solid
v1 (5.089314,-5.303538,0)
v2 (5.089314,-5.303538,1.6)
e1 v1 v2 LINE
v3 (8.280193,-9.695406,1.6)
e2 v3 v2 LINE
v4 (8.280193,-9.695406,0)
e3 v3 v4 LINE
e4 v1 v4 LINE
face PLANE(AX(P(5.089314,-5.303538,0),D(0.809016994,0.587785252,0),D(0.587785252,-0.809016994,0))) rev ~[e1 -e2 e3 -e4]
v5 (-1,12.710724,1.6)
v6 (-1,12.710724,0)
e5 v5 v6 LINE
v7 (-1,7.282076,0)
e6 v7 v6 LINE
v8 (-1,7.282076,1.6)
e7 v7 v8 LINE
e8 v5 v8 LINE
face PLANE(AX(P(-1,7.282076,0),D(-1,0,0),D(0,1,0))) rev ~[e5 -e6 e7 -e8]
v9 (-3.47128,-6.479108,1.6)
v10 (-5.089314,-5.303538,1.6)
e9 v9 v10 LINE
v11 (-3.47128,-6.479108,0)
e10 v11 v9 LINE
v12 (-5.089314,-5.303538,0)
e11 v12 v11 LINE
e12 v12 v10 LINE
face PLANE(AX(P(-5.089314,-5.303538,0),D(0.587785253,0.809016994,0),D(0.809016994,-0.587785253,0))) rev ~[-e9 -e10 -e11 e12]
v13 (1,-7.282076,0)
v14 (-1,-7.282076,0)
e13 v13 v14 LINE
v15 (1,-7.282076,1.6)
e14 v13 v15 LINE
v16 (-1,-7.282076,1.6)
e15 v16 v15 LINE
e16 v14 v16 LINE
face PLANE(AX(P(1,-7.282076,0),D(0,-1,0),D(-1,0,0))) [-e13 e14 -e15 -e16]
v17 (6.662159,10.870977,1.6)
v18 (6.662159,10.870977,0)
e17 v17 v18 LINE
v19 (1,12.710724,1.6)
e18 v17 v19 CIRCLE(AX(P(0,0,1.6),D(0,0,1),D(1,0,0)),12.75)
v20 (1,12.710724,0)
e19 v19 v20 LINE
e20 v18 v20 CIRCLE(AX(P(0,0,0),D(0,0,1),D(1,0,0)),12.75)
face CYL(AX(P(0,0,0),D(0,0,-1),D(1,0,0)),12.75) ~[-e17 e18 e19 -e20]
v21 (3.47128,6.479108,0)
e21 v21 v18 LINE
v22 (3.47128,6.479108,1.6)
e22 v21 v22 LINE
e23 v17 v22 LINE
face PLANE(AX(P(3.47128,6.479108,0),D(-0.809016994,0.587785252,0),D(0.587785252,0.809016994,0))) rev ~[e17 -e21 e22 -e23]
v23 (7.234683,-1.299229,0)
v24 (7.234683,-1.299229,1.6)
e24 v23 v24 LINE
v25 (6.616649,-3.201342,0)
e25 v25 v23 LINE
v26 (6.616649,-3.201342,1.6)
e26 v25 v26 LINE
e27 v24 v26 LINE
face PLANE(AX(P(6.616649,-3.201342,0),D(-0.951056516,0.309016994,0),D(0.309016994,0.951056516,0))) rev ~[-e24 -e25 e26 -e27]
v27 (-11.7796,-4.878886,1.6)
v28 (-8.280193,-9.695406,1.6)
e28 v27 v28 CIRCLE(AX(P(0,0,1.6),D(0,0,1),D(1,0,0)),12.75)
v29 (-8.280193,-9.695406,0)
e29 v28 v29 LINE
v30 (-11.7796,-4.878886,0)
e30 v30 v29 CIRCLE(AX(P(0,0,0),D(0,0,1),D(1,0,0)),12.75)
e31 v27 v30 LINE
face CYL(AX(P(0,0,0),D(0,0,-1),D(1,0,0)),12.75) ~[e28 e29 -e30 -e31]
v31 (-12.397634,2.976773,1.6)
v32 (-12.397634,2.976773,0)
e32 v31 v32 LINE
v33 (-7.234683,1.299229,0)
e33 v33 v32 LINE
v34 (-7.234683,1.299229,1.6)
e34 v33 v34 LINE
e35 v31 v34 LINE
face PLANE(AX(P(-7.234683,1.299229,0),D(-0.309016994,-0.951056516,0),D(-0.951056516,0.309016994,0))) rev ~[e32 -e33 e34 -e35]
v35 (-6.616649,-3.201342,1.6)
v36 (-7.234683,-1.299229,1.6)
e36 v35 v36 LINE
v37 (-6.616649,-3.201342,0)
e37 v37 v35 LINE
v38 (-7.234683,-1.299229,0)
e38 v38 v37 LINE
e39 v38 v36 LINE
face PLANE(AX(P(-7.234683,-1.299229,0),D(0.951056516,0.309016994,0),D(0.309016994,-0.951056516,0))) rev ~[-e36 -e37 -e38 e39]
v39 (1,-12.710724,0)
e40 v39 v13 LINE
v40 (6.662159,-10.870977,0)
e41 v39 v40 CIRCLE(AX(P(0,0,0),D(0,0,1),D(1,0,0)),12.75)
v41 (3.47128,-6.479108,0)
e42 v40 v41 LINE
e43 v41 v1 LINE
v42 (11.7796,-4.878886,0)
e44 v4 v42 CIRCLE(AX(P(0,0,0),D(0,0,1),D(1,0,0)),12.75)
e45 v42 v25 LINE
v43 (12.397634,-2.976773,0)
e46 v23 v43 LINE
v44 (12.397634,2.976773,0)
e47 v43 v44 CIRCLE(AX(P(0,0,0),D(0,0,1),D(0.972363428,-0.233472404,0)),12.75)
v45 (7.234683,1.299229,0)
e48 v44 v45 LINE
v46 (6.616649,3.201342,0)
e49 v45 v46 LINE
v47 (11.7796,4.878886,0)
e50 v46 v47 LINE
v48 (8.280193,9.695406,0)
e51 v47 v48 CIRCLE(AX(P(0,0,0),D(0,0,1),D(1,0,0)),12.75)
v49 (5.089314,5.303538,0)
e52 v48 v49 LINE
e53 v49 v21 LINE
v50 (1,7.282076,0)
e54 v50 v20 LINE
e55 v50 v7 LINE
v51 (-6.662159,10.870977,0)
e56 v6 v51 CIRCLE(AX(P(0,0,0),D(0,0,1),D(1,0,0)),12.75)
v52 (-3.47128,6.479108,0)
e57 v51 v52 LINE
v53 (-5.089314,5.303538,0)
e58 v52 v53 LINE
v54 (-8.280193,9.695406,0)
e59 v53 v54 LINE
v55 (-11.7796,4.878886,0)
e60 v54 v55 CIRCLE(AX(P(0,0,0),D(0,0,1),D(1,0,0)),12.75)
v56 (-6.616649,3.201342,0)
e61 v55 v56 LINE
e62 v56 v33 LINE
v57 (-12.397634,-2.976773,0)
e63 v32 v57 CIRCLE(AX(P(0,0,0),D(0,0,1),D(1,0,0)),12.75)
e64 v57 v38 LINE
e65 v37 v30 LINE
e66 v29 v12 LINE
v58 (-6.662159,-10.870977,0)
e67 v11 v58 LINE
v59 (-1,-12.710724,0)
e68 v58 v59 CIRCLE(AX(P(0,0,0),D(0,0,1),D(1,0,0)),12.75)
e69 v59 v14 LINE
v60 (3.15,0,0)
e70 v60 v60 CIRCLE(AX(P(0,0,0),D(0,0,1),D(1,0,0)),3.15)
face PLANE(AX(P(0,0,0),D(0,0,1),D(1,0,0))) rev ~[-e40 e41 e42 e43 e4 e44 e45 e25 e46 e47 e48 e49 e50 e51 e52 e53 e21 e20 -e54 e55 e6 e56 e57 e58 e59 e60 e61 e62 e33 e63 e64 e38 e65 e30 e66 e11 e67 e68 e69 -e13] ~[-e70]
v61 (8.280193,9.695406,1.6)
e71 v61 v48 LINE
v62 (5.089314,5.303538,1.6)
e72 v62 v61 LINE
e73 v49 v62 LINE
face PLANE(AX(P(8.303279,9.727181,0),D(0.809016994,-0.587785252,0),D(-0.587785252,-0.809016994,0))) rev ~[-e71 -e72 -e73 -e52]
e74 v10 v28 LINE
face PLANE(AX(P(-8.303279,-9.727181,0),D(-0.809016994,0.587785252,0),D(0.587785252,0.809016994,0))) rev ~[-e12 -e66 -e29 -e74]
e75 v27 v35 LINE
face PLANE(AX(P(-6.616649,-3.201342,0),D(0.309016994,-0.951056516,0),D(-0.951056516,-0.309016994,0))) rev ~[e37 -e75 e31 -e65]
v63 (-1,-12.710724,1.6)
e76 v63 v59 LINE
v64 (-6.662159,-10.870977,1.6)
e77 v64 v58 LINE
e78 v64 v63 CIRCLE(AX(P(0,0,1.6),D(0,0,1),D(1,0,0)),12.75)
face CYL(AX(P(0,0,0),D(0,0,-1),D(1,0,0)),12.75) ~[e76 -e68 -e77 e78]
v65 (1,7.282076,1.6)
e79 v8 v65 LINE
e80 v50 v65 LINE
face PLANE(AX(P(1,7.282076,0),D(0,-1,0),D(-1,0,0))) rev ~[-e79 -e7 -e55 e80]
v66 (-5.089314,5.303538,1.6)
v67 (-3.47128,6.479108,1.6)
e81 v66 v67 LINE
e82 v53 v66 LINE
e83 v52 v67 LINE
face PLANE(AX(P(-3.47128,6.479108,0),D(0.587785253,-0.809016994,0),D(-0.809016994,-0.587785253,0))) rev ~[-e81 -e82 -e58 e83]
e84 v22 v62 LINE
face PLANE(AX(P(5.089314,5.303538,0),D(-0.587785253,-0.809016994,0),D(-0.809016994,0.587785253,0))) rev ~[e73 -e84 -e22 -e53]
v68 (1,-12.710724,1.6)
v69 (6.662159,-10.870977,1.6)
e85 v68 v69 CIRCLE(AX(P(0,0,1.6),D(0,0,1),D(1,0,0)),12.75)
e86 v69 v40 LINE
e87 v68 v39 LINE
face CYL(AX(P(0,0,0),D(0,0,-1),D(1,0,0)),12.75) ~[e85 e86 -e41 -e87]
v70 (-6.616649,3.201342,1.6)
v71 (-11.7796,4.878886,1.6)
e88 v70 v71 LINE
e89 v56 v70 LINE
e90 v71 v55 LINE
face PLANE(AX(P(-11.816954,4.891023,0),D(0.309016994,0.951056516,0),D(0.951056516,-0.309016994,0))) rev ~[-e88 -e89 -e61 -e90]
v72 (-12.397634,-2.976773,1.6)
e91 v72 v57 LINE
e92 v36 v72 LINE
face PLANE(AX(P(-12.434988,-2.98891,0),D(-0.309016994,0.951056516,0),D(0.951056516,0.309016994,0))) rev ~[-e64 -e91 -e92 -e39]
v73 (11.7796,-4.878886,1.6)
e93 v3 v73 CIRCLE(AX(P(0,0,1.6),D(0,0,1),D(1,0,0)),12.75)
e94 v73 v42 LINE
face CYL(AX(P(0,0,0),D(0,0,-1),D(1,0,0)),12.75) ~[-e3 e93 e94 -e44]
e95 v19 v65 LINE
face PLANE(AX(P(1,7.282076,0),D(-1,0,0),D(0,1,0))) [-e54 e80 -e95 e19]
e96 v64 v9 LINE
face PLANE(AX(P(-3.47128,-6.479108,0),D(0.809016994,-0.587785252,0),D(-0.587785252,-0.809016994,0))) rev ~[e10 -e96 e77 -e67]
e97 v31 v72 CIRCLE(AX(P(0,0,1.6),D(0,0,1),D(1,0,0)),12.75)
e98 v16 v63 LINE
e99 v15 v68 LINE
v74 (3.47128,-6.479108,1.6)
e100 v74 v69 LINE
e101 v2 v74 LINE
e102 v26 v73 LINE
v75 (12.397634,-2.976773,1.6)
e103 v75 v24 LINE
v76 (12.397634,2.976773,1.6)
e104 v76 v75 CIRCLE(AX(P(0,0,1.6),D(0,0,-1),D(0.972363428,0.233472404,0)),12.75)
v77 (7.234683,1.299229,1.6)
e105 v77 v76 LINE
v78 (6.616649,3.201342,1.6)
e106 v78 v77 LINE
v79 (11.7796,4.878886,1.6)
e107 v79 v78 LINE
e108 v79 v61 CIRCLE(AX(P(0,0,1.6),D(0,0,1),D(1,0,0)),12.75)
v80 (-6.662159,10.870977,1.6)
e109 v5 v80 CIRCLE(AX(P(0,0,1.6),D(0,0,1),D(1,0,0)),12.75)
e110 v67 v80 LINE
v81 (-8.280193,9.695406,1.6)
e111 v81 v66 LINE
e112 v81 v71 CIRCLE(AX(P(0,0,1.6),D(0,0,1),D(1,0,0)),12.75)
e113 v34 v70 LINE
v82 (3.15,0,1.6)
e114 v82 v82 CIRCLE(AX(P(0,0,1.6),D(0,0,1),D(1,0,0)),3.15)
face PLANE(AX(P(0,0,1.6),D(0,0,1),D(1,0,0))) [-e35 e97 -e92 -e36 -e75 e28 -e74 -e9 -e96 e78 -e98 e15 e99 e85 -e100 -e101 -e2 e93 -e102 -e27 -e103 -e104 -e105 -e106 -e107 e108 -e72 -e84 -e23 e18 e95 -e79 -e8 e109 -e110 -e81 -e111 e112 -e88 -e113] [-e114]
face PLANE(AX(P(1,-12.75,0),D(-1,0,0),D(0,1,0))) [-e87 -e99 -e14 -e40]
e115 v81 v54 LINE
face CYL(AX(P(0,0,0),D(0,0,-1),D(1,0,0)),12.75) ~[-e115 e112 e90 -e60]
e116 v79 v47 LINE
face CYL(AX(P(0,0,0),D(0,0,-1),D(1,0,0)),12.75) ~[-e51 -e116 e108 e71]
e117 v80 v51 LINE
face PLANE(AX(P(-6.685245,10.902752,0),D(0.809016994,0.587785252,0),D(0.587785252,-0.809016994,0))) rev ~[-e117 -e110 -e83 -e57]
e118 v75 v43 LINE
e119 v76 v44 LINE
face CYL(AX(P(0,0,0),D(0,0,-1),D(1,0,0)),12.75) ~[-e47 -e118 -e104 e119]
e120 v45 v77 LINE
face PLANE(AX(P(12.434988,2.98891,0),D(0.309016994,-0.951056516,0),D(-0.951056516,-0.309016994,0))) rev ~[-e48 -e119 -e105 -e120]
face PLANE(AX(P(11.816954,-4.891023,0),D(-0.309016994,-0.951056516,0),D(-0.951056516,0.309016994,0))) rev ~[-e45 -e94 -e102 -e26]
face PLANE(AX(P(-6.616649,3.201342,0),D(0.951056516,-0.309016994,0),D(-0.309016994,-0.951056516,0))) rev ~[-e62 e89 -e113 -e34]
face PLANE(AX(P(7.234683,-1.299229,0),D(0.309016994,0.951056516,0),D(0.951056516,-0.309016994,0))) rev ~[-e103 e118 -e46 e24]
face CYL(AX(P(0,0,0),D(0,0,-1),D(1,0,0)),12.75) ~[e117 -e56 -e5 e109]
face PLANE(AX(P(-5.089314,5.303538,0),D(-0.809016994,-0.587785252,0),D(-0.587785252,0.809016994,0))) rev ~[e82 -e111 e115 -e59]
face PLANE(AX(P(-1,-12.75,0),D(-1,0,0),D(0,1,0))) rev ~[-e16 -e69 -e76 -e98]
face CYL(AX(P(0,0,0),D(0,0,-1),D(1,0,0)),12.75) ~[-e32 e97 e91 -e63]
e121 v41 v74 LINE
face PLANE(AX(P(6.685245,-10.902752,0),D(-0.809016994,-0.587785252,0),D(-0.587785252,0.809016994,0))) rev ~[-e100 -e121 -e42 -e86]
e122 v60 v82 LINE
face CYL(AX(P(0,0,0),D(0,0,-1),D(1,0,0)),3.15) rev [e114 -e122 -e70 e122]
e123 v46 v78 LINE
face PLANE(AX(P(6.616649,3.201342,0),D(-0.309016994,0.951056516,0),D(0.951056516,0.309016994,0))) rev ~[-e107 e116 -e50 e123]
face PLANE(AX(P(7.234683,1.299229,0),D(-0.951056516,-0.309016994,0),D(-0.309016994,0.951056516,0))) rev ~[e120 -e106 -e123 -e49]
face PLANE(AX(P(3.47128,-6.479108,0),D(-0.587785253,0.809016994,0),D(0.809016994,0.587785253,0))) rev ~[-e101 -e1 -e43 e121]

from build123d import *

# Parameters (mm, degrees)
SKETCH_1_R          = 12.75
SKETCH_1_R_2        = 3.15
EXTRUDE_1_DEPTH     = 1.6
SKETCH_3_W          = 2
SKETCH_3_H          = 5.467924172
CUT_EXTRUDE_3_DEPTH = 19.102071705


with BuildPart() as part:
    # Эскиз1 → Бобышка-Вытянуть1 (new body)
    with BuildSketch(Plane.XY):
        Circle(SKETCH_1_R)
        Circle(SKETCH_1_R_2, mode=Mode.SUBTRACT)
    extrude(amount=EXTRUDE_1_DEPTH)

    # Эскиз3 → Вырез-Вытянуть-Тонкостенный3 (cut, through all)
    with BuildSketch(Plane(origin=(0, 0, 0), x_dir=(-1, 0, 0), z_dir=(0, 0, -1))):
        with Locations((0, -10.016037914)):
            Rectangle(SKETCH_3_W, SKETCH_3_H)
        Polygon((-6.685244972, -10.902751931), (-3.471279784, -6.479108352), (-5.089313772, -5.303537847), (-8.303278961, -9.727181426), align=None)
        Polygon((-11.816953588, -4.891023195), (-6.616648674, -3.201341702), (-7.234682663, -1.299228669), (-12.434987577, -2.988910162), align=None)
        Polygon((-12.434987577, 2.988910162), (-7.234682663, 1.299228669), (-6.616648674, 3.201341702), (-11.816953588, 4.891023195), align=None)
        Polygon((-8.303278961, 9.727181426), (-5.089313772, 5.303537847), (-3.471279784, 6.479108352), (-6.685244972, 10.902751931), align=None)
        with Locations((0, 10.016037914)):
            Rectangle(SKETCH_3_W, SKETCH_3_H)
        Polygon((6.685244972, 10.902751931), (3.471279784, 6.479108352), (5.089313772, 5.303537847), (8.303278961, 9.727181426), align=None)
        Polygon((11.816953588, 4.891023195), (6.616648674, 3.201341702), (7.234682663, 1.299228669), (12.434987577, 2.988910162), align=None)
        Polygon((12.434987577, -2.988910162), (7.234682663, -1.299228669), (6.616648674, -3.201341702), (11.816953588, -4.891023195), align=None)
        Polygon((8.303278961, -9.727181426), (5.089313772, -5.303537847), (3.471279784, -6.479108352), (6.685244972, -10.902751931), align=None)
    extrude(amount=-CUT_EXTRUDE_3_DEPTH, mode=Mode.SUBTRACT)


solid = part.part
